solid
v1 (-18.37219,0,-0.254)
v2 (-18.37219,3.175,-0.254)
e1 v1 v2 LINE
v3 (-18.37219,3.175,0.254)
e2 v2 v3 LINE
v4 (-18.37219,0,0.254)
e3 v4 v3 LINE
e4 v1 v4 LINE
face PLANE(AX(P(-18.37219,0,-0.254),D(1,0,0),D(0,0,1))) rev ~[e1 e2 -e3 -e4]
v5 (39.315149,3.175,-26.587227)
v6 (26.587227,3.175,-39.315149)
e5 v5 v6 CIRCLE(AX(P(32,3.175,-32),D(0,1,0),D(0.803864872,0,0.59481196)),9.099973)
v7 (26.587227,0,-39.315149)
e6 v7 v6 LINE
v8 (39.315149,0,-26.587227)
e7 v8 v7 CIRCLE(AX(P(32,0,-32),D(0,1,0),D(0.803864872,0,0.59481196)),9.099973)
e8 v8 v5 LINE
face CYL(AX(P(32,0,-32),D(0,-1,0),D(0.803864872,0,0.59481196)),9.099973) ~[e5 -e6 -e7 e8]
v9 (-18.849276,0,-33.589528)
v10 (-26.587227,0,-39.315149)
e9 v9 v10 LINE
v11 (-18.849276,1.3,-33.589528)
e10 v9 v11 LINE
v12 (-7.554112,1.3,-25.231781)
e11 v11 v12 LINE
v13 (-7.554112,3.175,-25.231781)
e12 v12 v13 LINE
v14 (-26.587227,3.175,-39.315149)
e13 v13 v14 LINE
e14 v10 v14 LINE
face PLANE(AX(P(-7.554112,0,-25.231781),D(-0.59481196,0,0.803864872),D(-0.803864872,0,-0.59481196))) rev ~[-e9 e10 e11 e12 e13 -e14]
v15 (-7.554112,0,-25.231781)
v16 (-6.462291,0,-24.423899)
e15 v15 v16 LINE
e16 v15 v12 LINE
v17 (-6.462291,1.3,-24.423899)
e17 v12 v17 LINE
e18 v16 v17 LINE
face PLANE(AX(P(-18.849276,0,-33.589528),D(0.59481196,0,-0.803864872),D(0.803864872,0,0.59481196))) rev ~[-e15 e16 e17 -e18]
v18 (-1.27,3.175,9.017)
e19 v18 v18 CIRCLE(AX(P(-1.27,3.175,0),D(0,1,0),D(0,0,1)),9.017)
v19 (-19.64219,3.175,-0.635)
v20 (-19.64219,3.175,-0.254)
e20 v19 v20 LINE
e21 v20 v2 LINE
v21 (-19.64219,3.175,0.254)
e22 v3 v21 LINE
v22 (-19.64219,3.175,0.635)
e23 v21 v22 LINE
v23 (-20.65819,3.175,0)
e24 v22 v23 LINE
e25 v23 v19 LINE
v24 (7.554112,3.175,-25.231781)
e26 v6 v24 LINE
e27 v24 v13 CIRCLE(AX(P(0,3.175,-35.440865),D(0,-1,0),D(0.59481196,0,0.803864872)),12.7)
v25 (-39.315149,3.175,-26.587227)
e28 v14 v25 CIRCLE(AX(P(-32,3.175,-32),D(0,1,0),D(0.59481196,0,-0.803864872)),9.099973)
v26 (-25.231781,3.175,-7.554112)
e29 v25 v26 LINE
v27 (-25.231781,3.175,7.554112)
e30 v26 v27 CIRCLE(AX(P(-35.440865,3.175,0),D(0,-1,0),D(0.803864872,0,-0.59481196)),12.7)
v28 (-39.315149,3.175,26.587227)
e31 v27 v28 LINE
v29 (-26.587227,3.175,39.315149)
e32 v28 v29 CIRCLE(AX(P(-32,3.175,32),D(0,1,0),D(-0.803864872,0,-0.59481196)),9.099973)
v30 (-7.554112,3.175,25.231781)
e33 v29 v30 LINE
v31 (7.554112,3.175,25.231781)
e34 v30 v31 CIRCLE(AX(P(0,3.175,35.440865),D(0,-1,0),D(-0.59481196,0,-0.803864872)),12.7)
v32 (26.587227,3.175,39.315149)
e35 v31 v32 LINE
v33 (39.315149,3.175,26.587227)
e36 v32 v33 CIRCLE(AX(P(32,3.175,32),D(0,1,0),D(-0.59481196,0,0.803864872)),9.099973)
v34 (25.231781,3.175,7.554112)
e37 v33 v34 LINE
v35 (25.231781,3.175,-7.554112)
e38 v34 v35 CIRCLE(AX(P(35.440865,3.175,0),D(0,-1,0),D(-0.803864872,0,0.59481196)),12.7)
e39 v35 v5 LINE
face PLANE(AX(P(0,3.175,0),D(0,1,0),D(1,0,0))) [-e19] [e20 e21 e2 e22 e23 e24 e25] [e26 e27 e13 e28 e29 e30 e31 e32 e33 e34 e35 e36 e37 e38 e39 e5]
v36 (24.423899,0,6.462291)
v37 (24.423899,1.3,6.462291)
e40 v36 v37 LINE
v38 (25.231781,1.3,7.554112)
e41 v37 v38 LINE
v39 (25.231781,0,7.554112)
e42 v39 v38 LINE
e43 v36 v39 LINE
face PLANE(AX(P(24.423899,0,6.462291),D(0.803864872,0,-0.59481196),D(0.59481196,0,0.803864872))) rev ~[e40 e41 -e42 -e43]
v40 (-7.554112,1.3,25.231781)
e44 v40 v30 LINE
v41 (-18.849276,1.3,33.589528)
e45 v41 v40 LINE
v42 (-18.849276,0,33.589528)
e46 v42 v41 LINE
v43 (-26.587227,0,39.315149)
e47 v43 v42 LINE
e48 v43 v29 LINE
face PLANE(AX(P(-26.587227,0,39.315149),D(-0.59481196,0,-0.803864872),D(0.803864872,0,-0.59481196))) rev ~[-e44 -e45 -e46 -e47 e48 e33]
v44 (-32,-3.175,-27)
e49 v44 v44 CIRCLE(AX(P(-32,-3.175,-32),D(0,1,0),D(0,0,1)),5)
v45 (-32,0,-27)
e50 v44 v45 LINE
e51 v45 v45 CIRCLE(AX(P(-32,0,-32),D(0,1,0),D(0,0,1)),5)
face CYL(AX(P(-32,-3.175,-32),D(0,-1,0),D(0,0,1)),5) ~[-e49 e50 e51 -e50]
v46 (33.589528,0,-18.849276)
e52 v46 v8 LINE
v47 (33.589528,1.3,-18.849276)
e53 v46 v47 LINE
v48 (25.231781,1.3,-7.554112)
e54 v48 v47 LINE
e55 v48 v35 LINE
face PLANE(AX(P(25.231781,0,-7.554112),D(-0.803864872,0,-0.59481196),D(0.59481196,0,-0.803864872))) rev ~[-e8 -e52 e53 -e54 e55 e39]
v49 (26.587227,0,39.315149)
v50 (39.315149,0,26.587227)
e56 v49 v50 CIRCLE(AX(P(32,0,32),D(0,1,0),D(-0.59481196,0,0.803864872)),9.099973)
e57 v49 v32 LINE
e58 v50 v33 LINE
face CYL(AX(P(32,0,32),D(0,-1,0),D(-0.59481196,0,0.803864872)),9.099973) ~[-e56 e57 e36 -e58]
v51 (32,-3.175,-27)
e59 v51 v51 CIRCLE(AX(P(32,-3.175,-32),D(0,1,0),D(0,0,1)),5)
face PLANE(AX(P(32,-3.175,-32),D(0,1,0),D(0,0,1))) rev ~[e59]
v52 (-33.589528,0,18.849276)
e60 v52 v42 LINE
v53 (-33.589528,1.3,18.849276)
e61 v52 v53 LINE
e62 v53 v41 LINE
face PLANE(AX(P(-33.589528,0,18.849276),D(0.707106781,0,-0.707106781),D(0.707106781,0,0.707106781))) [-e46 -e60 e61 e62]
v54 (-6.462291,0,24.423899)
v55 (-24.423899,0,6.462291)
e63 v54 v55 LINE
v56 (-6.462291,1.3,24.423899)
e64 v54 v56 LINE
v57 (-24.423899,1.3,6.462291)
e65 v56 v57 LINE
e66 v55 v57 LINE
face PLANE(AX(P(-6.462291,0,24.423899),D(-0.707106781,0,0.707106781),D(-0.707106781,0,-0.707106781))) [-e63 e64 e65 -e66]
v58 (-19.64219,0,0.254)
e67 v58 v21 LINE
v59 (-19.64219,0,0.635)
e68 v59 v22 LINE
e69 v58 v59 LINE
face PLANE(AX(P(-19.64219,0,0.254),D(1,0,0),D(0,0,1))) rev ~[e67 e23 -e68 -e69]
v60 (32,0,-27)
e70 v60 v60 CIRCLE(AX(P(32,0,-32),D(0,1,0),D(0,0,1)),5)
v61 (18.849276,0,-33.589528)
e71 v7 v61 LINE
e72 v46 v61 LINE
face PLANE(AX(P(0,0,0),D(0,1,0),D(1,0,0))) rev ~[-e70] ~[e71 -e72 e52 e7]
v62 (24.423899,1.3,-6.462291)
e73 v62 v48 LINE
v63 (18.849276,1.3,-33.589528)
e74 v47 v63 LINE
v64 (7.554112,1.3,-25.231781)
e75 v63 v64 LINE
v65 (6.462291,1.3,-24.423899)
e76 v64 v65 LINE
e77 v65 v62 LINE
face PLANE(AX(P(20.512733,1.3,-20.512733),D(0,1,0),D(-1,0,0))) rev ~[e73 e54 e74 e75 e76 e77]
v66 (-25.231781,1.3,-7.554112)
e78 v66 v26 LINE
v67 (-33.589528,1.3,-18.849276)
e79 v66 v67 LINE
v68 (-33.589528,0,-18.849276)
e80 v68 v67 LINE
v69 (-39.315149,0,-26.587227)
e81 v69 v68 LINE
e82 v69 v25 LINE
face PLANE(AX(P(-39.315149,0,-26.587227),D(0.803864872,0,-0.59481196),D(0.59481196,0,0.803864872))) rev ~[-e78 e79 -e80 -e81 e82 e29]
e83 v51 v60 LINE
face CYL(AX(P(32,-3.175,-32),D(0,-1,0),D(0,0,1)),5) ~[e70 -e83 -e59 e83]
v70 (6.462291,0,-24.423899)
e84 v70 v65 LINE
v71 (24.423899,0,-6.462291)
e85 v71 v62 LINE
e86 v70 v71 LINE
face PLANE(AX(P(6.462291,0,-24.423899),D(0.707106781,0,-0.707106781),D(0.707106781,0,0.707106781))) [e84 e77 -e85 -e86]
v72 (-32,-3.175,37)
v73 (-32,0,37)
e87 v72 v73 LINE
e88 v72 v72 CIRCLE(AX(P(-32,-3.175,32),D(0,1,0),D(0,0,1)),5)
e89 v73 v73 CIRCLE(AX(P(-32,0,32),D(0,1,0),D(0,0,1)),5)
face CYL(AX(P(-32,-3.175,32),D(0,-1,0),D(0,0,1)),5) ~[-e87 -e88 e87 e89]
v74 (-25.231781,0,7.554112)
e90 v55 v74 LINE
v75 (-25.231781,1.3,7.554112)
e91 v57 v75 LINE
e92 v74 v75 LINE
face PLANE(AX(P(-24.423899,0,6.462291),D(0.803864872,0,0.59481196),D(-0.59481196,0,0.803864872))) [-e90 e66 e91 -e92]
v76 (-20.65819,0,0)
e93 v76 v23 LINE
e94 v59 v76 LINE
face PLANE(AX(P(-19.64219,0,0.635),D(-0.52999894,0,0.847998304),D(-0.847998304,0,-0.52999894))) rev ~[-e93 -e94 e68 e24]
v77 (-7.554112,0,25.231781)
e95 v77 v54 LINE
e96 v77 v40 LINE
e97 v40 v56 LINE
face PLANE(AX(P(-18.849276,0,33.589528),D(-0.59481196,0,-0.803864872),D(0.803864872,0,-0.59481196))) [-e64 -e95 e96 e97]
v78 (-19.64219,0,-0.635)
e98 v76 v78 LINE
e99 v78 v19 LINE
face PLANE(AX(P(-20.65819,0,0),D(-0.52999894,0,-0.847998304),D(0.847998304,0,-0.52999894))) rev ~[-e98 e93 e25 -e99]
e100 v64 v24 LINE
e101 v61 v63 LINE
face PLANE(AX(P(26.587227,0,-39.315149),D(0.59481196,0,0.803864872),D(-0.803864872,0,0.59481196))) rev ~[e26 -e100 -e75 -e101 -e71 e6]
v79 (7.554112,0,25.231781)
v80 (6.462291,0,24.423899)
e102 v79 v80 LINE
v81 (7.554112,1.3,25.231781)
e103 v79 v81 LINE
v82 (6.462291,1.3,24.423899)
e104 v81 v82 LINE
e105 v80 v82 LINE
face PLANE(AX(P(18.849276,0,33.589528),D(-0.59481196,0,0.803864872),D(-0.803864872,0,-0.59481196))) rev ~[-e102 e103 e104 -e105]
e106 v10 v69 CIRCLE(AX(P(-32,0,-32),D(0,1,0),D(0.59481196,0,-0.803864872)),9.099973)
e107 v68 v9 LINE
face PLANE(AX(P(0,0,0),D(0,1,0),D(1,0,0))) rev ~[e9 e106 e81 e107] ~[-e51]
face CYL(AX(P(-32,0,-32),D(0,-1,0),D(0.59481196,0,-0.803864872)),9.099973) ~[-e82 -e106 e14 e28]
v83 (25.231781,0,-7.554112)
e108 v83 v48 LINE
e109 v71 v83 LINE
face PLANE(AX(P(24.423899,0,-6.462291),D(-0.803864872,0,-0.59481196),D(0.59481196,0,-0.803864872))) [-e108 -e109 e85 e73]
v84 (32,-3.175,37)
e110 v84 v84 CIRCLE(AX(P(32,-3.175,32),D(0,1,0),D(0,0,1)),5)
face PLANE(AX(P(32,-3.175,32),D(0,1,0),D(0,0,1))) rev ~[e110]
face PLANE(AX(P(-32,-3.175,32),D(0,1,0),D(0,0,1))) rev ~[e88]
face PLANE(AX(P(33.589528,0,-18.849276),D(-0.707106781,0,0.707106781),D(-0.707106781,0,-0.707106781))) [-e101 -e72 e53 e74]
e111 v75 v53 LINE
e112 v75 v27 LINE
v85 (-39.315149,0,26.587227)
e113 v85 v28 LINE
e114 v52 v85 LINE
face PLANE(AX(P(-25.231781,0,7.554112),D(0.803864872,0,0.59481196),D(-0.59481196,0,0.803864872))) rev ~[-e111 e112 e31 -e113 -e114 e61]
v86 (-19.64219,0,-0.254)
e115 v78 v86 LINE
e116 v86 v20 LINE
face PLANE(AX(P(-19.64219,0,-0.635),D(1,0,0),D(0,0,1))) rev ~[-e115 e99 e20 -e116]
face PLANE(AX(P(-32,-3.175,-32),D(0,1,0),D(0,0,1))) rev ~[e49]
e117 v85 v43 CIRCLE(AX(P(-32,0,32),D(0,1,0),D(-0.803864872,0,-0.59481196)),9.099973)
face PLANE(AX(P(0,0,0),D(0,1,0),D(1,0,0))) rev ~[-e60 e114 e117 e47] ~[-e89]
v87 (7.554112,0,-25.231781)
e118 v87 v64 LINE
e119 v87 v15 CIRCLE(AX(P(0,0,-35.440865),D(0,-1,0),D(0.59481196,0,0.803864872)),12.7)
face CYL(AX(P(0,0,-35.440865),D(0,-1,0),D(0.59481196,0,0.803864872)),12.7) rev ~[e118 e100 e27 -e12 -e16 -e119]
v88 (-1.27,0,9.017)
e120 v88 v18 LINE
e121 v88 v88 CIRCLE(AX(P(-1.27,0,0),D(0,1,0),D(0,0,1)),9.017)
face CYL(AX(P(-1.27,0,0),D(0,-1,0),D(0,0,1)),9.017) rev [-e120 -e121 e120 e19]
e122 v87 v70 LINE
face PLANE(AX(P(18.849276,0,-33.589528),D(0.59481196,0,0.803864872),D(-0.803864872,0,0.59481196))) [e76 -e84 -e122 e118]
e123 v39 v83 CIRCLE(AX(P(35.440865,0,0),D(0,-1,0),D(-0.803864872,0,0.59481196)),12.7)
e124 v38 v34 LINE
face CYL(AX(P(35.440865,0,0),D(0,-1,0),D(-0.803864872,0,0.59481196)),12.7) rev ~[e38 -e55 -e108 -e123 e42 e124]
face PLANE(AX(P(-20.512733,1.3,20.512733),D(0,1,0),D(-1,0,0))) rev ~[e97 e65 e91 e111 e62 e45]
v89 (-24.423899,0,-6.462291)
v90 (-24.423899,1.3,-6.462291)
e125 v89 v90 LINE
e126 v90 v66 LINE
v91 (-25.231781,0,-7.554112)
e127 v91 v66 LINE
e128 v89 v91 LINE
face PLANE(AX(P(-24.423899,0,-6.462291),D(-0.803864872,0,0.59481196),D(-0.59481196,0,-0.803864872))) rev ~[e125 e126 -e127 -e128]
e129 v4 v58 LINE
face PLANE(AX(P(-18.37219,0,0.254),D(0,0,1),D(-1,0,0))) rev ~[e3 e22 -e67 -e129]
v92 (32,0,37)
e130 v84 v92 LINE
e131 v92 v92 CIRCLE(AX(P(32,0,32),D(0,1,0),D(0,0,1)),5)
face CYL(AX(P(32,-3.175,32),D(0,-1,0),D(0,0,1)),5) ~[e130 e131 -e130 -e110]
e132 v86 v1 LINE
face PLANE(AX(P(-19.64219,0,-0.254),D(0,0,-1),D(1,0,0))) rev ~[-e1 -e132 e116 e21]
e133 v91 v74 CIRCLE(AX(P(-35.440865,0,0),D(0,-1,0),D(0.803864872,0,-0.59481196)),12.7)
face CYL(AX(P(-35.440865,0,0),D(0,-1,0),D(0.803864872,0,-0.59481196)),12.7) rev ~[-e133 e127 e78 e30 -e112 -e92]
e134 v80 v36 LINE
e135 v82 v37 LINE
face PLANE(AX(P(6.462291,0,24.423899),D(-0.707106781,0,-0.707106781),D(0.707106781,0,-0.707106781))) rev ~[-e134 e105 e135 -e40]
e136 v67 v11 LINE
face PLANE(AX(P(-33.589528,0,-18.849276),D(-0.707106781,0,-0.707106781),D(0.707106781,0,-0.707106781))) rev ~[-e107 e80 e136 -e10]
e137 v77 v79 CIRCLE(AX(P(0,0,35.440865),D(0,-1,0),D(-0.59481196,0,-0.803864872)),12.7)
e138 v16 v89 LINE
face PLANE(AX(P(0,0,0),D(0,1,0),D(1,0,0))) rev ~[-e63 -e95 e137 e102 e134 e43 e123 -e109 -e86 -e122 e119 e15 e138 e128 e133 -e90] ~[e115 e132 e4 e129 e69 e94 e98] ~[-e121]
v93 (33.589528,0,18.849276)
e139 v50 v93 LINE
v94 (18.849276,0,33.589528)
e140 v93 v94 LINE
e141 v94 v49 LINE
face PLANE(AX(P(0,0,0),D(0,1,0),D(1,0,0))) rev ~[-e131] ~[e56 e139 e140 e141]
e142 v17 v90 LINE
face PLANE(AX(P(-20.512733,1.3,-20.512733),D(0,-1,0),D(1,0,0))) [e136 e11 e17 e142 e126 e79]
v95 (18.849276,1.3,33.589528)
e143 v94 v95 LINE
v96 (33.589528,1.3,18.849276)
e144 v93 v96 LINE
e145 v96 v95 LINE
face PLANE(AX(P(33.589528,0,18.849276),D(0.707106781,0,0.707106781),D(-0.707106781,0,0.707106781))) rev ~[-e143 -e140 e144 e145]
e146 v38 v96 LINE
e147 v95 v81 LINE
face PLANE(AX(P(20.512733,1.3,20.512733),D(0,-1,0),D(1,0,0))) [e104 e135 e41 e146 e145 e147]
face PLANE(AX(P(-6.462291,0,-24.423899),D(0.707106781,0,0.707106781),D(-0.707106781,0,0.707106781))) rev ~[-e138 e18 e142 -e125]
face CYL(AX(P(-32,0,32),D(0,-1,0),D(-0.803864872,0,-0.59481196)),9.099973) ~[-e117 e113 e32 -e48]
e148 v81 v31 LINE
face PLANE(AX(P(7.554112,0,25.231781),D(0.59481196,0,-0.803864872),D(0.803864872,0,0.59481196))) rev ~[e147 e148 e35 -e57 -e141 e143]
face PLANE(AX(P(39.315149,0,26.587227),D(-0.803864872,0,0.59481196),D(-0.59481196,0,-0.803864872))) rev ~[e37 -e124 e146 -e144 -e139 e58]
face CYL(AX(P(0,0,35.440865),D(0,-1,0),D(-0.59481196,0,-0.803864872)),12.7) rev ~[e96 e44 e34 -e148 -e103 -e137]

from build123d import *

# Parameters (mm, degrees)
SKETCH1_R           = 5
SKETCH1_R_2         = 9.017
BOSS_EXTRUDE1_DEPTH = 3.175
BOSS_EXTRUDE2_START = -3.175
SKETCH1_3_R         = 5
BOSS_EXTRUDE2_DEPTH = 6.35
CUT_EXTRUDE1_DEPTH  = 1.3


with BuildPart() as part:
    # Sketch1 → Boss-Extrude1 (new body)
    with BuildSketch(Plane(origin=(0, 0, 0), x_dir=(1, 0, 0), z_dir=(0, 1, 0))):
        with BuildLine():
            Line((-39.315149004, 26.587226943), (-25.231781425, 7.554111896))
            ThreePointArc((-25.231781425, 7.554111896), (-22.740865295, 0), (-25.231781425, -7.554111896))
            Line((-25.231781425, -7.554111896), (-39.315149004, -26.587226943))
            ThreePointArc((-39.315149004, -26.587226943), (-38.434652948, -38.434652948), (-26.587226943, -39.315149004))
            Line((-26.587226943, -39.315149004), (-7.554111896, -25.231781425))
            ThreePointArc((-7.554111896, -25.231781425), (0, -22.740865295), (7.554111896, -25.231781425))
            Line((7.554111896, -25.231781425), (26.587226943, -39.315149004))
            ThreePointArc((26.587226943, -39.315149004), (38.434652948, -38.434652948), (39.315149004, -26.587226943))
            Line((39.315149004, -26.587226943), (25.231781425, -7.554111896))
            ThreePointArc((25.231781425, -7.554111896), (22.740865295, 0), (25.231781425, 7.554111896))
            Line((25.231781425, 7.554111896), (39.315149004, 26.587226943))
            ThreePointArc((39.315149004, 26.587226943), (38.434652948, 38.434652948), (26.587226943, 39.315149004))
            Line((26.587226943, 39.315149004), (7.554111896, 25.231781425))
            ThreePointArc((7.554111896, 25.231781425), (0, 22.740865295), (-7.554111896, 25.231781425))
            Line((-7.554111896, 25.231781425), (-26.587226943, 39.315149004))
            ThreePointArc((-26.587226943, 39.315149004), (-38.434652948, 38.434652948), (-39.315149004, 26.587226943))
        make_face()
        with Locations(Location((-32, -32, 0), (0, 0, 270))):
            Circle(SKETCH1_R, mode=Mode.SUBTRACT)
        with Locations(Location((32, -32, 0), (0, 0, 270))):
            Circle(SKETCH1_R, mode=Mode.SUBTRACT)
        Polygon((-19.642190111, 0.635), (-19.642190111, 0.254), (-18.372190111, 0.254), (-18.372190111, -0.254), (-19.642190111, -0.254), (-19.642190111, -0.635), (-20.658190111, 0), align=None, mode=Mode.SUBTRACT)
        with Locations(Location((-1.27, 0, 0), (0, 0, 270))):
            Circle(SKETCH1_R_2, mode=Mode.SUBTRACT)
        with Locations(Location((-32, 32, 0), (0, 0, 270))):
            Circle(SKETCH1_R, mode=Mode.SUBTRACT)
        with Locations(Location((32, 32, 0), (0, 0, 270))):
            Circle(SKETCH1_R, mode=Mode.SUBTRACT)
    extrude(amount=BOSS_EXTRUDE1_DEPTH)

    # Sketch1<3> → Boss-Extrude2 (add)
    with BuildSketch(Plane(origin=(0, 0, 0), x_dir=(1, 0, 0), z_dir=(0, 1, 0)).offset(BOSS_EXTRUDE2_START)):
        with Locations(Location((-32, 32, 0), (0, 0, 270))):
            Circle(SKETCH1_3_R)
        with Locations(Location((32, -32, 0), (0, 0, 270))):
            Circle(SKETCH1_3_R)
        with Locations(Location((32, 32, 0), (0, 0, 270))):
            Circle(SKETCH1_3_R)
        with Locations(Location((-32, -32, 0), (0, 0, 270))):
            Circle(SKETCH1_3_R)
    extrude(amount=BOSS_EXTRUDE2_DEPTH)

    # Sketch2 → Cut-Extrude1 (cut)
    with BuildSketch(Plane.XZ):
        Polygon((-6.462290551, -24.423898886), (-24.423898886, -6.462290551), (-33.589527929, -18.849276199), (-18.849276199, -33.589527929), align=None)
        Polygon((-33.589527929, 18.849276199), (-18.849276199, 33.589527929), (-6.462290551, 24.423898886), (-24.423898886, 6.462290551), align=None)
        Polygon((24.423898886, 6.462290551), (33.589527929, 18.849276199), (18.849276199, 33.589527929), (6.462290551, 24.423898886), align=None)
        Polygon((33.589527929, -18.849276199), (18.849276199, -33.589527929), (6.462290551, -24.423898886), (24.423898886, -6.462290551), align=None)
    extrude(amount=-CUT_EXTRUDE1_DEPTH, mode=Mode.SUBTRACT)


solid = part.part
